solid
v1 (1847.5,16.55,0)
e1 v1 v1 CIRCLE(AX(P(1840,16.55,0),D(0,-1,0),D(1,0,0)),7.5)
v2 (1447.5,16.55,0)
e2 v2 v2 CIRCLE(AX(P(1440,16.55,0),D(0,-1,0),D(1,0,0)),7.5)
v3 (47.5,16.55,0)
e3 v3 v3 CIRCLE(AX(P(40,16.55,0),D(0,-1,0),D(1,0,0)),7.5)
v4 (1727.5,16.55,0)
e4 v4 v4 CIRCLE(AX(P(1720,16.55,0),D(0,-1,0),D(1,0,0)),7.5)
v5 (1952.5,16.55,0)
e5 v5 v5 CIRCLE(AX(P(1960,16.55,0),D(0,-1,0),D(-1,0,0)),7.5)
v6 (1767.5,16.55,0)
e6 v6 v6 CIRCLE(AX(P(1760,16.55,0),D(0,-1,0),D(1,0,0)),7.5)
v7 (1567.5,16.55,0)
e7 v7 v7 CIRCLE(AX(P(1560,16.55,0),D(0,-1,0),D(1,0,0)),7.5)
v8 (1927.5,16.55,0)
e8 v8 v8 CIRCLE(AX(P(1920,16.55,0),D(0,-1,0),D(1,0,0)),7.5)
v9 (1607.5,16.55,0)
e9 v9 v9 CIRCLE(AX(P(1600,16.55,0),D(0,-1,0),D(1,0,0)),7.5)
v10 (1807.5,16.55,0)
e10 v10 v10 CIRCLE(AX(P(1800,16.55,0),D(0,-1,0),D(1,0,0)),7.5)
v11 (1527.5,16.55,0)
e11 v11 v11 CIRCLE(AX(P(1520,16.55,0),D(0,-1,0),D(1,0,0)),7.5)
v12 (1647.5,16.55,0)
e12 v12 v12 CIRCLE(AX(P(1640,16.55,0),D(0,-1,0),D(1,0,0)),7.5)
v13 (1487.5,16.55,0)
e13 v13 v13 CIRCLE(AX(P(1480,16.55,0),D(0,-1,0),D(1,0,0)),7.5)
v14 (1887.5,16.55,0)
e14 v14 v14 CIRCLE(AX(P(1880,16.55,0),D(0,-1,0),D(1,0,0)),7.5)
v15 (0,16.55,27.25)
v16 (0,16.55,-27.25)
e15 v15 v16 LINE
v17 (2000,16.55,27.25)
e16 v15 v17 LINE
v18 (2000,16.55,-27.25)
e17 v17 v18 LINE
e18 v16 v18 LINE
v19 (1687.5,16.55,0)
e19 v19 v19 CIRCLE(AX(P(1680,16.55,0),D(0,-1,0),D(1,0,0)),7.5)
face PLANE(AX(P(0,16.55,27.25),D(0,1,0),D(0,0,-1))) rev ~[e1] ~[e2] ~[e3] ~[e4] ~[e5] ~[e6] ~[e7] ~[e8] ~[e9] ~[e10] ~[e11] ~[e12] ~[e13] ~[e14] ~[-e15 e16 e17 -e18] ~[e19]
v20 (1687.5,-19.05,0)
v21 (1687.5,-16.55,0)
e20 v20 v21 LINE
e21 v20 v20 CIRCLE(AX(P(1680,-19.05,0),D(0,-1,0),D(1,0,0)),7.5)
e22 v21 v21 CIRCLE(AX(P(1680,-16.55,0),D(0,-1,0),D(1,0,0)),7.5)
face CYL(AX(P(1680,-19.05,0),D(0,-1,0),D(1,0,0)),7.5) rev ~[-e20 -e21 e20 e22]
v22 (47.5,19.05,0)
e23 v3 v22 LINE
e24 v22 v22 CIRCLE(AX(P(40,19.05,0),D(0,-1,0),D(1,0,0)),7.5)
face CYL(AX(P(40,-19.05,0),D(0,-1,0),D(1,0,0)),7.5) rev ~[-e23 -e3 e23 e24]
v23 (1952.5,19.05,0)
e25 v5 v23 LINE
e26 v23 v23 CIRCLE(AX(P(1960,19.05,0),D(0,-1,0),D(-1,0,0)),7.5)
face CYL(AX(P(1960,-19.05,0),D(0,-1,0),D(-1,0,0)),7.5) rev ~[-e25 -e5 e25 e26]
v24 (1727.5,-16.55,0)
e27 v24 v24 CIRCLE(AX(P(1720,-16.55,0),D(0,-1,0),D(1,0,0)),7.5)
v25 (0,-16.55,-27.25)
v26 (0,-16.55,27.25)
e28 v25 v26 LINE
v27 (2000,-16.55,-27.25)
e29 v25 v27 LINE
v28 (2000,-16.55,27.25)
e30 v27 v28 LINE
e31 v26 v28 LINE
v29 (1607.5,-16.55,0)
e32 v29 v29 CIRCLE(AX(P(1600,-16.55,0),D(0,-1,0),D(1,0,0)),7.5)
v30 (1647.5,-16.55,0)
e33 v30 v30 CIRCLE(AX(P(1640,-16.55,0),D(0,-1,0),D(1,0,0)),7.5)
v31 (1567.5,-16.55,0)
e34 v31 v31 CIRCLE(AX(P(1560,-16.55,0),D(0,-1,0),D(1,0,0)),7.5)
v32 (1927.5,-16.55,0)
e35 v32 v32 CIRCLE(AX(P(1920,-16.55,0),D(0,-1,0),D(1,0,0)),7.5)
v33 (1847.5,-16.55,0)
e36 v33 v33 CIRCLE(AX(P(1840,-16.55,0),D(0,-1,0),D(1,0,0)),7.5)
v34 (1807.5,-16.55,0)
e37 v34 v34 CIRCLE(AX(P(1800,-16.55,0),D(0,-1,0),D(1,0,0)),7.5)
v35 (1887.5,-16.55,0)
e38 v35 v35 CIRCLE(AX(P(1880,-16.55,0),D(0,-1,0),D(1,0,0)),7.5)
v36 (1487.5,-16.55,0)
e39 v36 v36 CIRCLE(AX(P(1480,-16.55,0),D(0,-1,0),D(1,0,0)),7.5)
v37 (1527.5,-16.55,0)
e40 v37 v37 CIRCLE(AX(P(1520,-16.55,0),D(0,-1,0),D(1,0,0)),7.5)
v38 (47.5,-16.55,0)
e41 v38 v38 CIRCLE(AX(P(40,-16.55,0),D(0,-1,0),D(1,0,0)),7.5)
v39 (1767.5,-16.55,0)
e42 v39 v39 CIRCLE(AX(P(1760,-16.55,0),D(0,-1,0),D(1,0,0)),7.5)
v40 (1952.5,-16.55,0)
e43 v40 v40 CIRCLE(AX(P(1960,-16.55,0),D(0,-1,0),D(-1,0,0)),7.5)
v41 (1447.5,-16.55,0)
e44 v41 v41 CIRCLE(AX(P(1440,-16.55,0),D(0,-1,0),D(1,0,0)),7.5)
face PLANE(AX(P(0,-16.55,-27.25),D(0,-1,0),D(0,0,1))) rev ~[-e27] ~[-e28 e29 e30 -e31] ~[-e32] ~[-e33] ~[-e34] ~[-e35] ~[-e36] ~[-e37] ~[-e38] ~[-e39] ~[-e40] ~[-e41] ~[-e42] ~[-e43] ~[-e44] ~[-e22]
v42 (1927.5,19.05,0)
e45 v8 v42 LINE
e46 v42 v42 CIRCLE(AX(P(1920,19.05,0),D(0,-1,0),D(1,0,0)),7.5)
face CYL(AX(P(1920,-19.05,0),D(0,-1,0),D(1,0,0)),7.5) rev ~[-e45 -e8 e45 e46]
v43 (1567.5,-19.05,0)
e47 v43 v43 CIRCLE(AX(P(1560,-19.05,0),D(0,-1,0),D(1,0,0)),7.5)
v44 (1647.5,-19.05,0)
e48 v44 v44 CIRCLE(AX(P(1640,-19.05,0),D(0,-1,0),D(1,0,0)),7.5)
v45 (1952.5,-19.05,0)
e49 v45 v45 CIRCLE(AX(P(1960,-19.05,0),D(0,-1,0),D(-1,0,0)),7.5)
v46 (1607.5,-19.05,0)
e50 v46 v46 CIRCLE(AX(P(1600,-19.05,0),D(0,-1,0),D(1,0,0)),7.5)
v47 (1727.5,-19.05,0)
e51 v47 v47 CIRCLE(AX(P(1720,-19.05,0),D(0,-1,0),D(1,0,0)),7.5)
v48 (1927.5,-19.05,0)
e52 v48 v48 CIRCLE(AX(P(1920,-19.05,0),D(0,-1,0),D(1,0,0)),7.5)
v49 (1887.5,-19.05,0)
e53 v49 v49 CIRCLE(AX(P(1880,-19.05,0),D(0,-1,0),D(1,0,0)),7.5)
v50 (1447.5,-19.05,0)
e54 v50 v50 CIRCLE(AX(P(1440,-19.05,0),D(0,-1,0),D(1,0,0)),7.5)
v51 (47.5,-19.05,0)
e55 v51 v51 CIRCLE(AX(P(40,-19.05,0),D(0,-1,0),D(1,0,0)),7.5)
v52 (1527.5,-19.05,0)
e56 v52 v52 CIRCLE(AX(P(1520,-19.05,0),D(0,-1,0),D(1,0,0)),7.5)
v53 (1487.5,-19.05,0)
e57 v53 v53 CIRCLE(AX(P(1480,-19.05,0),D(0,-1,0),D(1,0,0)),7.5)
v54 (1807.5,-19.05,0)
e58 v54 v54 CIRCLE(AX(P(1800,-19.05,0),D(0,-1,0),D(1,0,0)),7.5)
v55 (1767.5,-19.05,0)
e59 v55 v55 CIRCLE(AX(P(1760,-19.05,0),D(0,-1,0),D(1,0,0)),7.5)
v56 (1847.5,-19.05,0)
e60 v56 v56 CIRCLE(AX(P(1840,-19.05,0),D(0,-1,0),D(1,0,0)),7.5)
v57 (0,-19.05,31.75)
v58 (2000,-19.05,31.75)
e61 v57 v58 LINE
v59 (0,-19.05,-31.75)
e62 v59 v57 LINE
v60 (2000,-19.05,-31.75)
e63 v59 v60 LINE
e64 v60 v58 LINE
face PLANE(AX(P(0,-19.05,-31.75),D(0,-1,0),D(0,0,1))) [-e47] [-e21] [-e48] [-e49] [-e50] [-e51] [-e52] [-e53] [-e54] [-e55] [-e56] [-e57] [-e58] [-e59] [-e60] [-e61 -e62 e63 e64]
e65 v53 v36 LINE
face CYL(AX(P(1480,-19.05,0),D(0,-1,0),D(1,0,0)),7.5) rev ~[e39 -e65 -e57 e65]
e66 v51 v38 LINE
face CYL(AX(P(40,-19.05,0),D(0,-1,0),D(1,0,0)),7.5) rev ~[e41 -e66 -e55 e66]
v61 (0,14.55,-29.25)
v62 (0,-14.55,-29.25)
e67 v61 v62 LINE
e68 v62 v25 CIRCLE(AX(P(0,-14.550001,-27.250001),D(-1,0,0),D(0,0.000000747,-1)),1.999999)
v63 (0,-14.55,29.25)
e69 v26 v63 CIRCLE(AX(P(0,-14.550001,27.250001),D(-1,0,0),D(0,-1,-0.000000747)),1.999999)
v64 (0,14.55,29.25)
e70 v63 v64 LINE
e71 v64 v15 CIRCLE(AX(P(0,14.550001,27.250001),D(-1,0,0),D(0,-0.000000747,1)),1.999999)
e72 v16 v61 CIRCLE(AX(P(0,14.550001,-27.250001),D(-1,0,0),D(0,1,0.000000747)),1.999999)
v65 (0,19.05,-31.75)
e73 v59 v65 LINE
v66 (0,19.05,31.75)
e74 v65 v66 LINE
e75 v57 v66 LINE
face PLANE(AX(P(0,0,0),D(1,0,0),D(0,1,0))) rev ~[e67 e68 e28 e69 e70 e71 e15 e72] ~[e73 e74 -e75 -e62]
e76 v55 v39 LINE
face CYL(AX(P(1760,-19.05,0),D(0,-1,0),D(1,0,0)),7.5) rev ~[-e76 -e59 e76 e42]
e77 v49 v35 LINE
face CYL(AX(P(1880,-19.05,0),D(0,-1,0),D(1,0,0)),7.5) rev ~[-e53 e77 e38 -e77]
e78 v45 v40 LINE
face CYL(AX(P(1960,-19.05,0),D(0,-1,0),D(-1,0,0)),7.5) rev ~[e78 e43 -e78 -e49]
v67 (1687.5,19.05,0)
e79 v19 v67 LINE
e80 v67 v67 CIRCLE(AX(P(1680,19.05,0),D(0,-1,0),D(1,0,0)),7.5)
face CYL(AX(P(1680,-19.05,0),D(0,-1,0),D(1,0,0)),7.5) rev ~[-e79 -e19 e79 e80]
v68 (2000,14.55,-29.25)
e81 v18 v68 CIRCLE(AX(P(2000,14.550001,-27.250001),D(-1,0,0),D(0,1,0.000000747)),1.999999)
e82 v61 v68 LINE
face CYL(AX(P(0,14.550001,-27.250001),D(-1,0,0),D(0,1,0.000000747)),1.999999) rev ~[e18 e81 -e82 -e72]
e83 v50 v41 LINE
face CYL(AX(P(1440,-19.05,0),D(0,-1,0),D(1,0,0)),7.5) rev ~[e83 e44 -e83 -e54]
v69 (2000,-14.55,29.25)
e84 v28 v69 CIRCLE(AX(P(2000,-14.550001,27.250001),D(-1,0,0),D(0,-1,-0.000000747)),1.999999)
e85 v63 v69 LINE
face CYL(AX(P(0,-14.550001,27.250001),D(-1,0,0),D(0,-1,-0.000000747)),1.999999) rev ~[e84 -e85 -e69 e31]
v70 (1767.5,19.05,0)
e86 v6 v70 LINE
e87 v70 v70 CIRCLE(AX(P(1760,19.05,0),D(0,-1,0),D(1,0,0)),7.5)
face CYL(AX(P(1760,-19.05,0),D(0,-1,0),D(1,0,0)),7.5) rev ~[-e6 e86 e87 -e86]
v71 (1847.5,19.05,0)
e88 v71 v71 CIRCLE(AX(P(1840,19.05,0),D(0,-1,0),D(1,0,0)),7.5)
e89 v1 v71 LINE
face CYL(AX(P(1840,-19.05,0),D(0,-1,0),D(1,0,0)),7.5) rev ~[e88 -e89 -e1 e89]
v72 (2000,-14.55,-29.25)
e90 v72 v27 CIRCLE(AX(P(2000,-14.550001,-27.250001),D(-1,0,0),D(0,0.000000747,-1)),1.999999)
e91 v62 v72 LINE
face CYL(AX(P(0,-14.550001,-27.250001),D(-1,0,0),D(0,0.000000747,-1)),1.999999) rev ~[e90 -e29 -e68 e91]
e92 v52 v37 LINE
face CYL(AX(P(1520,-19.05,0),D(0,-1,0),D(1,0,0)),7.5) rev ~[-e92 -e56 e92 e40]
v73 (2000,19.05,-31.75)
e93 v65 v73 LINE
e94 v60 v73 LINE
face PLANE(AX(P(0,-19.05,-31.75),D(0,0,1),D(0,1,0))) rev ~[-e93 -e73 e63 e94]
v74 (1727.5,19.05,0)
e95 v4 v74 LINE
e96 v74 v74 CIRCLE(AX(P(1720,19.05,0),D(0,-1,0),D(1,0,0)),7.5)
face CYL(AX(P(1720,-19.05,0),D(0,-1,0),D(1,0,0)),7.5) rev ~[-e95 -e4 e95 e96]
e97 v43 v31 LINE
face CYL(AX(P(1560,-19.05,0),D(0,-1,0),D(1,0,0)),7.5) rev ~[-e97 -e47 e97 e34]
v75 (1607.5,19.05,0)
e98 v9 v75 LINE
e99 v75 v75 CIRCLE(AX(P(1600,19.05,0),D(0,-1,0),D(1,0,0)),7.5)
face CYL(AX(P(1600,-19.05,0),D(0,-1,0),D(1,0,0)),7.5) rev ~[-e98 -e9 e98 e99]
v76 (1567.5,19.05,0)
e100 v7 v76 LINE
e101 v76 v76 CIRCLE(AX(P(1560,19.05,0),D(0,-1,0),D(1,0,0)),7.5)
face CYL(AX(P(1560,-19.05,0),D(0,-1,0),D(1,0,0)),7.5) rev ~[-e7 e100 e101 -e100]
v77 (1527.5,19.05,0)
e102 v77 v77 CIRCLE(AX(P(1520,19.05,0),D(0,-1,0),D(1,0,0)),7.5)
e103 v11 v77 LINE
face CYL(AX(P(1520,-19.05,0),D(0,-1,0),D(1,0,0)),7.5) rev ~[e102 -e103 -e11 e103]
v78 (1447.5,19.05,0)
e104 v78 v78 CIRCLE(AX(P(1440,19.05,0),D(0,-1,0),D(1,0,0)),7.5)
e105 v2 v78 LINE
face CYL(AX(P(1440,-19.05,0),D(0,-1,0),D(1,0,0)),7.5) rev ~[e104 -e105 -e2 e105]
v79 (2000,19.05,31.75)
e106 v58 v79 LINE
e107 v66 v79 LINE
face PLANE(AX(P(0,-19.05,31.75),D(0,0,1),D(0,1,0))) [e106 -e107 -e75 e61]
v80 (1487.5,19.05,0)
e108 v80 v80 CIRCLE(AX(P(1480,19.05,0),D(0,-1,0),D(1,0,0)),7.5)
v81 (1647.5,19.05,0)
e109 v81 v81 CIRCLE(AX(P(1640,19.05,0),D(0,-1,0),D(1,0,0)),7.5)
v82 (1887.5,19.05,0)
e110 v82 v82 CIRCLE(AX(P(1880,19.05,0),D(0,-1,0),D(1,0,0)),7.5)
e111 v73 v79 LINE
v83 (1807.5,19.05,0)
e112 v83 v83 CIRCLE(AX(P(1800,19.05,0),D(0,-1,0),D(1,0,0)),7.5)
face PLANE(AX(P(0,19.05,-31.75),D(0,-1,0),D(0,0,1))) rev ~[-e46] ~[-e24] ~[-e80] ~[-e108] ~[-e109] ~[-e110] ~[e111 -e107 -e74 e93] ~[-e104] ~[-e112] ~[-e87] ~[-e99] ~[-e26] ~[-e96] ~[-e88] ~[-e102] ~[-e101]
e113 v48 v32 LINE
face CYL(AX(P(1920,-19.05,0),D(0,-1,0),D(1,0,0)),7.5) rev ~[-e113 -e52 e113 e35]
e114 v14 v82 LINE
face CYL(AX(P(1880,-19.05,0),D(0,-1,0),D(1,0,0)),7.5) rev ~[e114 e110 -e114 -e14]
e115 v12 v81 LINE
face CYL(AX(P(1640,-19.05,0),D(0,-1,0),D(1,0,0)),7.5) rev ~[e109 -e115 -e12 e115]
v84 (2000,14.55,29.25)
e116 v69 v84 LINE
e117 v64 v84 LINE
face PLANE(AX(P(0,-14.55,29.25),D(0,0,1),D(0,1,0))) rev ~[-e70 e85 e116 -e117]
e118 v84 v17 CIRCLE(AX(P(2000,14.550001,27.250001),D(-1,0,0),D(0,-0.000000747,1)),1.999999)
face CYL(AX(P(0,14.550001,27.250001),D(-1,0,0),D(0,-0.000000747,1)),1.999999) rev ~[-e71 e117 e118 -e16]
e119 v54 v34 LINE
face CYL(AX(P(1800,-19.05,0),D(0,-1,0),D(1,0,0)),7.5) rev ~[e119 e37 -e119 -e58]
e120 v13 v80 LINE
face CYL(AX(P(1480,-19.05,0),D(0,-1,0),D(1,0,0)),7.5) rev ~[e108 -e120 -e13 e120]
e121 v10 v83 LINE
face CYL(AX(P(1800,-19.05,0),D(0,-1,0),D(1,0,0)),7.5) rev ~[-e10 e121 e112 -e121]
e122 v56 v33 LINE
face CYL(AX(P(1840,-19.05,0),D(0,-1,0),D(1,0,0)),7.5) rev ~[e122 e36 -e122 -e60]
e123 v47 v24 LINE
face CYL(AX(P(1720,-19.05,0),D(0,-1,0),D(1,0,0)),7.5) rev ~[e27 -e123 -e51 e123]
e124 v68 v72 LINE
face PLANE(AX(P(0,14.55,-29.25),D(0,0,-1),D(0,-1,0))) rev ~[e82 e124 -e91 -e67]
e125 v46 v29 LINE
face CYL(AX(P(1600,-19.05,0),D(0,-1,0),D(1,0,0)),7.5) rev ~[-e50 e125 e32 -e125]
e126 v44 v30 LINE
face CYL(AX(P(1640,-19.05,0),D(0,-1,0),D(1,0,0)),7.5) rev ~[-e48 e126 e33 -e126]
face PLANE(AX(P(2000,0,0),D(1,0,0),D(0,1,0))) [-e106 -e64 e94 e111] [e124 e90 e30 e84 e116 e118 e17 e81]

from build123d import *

# Parameters (mm, degrees)
F0_W     = 38.1
F0_H     = 63.5
F1_DEPTH = 2000
F2_R     = 7.5
F3_DEPTH = 38.1
F5_DEPTH = 38.1


with BuildPart() as f1:
    # F0 (on Right) → F1 (new body)
    with BuildSketch(Plane.YZ):
        Rectangle(F0_W, F0_H)
        with BuildLine():
            Line((-14.55, 29.25), (14.55, 29.25))
            ThreePointArc((14.55, 29.25), (15.964214, 28.664214), (16.55, 27.25))
            Line((16.55, 27.25), (16.55, -27.25))
            ThreePointArc((16.55, -27.25), (15.964214, -28.664214), (14.55, -29.25))
            Line((14.55, -29.25), (-14.55, -29.25))
            ThreePointArc((-14.55, -29.25), (-15.964214, -28.664214), (-16.55, -27.25))
            Line((-16.55, -27.25), (-16.55, 27.25))
            ThreePointArc((-16.55, 27.25), (-15.964214, 28.664214), (-14.55, 29.25))
        make_face(mode=Mode.SUBTRACT)
    extrude(amount=F1_DEPTH)

    # F2 (on face) → F3 (cut, through all)
    with BuildSketch(Plane.XZ.offset(19.05)):
        with Locations((40, 0)):
            Circle(F2_R)
    extrude(amount=-F3_DEPTH, mode=Mode.SUBTRACT)

    # F4 (on face) → F5 (cut, through all)
    with BuildSketch(Plane.XZ.offset(19.05)):
        with BuildLine():
            Line((1952.5, 0), (1967.5, 0))
            ThreePointArc((1967.5, 0), (1960, 7.5), (1952.5, 0))
        make_face()
        with BuildLine():
            ThreePointArc((1432.5, 0), (1440, -7.5), (1447.5, 0))
            Line((1447.5, 0), (1432.5, 0))
        make_face()
        with BuildLine():
            Line((1432.5, 0), (1447.5, 0))
            ThreePointArc((1447.5, 0), (1440, 7.5), (1432.5, 0))
        make_face()
        with BuildLine():
            ThreePointArc((1472.5, 0), (1480, -7.5), (1487.5, 0))
            Line((1487.5, 0), (1472.5, 0))
        make_face()
        with BuildLine():
            Line((1472.5, 0), (1487.5, 0))
            ThreePointArc((1487.5, 0), (1480, 7.5), (1472.5, 0))
        make_face()
        with BuildLine():
            ThreePointArc((1512.5, 0), (1520, -7.5), (1527.5, 0))
            Line((1527.5, 0), (1512.5, 0))
        make_face()
        with BuildLine():
            Line((1512.5, 0), (1527.5, 0))
            ThreePointArc((1527.5, 0), (1520, 7.5), (1512.5, 0))
        make_face()
        with BuildLine():
            ThreePointArc((1552.5, 0), (1560, -7.5), (1567.5, 0))
            Line((1567.5, 0), (1552.5, 0))
        make_face()
        with BuildLine():
            Line((1552.5, 0), (1567.5, 0))
            ThreePointArc((1567.5, 0), (1560, 7.5), (1552.5, 0))
        make_face()
        with BuildLine():
            ThreePointArc((1592.5, 0), (1600, -7.5), (1607.5, 0))
            Line((1607.5, 0), (1592.5, 0))
        make_face()
        with BuildLine():
            Line((1592.5, 0), (1607.5, 0))
            ThreePointArc((1607.5, 0), (1600, 7.5), (1592.5, 0))
        make_face()
        with BuildLine():
            ThreePointArc((1632.5, 0), (1640, -7.5), (1647.5, 0))
            Line((1647.5, 0), (1632.5, 0))
        make_face()
        with BuildLine():
            Line((1632.5, 0), (1647.5, 0))
            ThreePointArc((1647.5, 0), (1640, 7.5), (1632.5, 0))
        make_face()
        with BuildLine():
            ThreePointArc((1672.5, 0), (1680, -7.5), (1687.5, 0))
            Line((1687.5, 0), (1672.5, 0))
        make_face()
        with BuildLine():
            Line((1672.5, 0), (1687.5, 0))
            ThreePointArc((1687.5, 0), (1680, 7.5), (1672.5, 0))
        make_face()
        with BuildLine():
            ThreePointArc((1712.5, 0), (1720, -7.5), (1727.5, 0))
            Line((1727.5, 0), (1712.5, 0))
        make_face()
        with BuildLine():
            Line((1712.5, 0), (1727.5, 0))
            ThreePointArc((1727.5, 0), (1720, 7.5), (1712.5, 0))
        make_face()
        with BuildLine():
            ThreePointArc((1752.5, 0), (1760, -7.5), (1767.5, 0))
            Line((1767.5, 0), (1752.5, 0))
        make_face()
        with BuildLine():
            Line((1752.5, 0), (1767.5, 0))
            ThreePointArc((1767.5, 0), (1760, 7.5), (1752.5, 0))
        make_face()
        with BuildLine():
            ThreePointArc((1792.5, 0), (1800, -7.5), (1807.5, 0))
            Line((1807.5, 0), (1792.5, 0))
        make_face()
        with BuildLine():
            Line((1792.5, 0), (1807.5, 0))
            ThreePointArc((1807.5, 0), (1800, 7.5), (1792.5, 0))
        make_face()
        with BuildLine():
            ThreePointArc((1832.5, 0), (1840, -7.5), (1847.5, 0))
            Line((1847.5, 0), (1832.5, 0))
        make_face()
        with BuildLine():
            Line((1832.5, 0), (1847.5, 0))
            ThreePointArc((1847.5, 0), (1840, 7.5), (1832.5, 0))
        make_face()
        with BuildLine():
            ThreePointArc((1872.5, 0), (1880, -7.5), (1887.5, 0))
            Line((1887.5, 0), (1872.5, 0))
        make_face()
        with BuildLine():
            Line((1872.5, 0), (1887.5, 0))
            ThreePointArc((1887.5, 0), (1880, 7.5), (1872.5, 0))
        make_face()
        with BuildLine():
            ThreePointArc((1912.5, 0), (1920, -7.5), (1927.5, 0))
            Line((1927.5, 0), (1912.5, 0))
        make_face()
        with BuildLine():
            Line((1912.5, 0), (1927.5, 0))
            ThreePointArc((1927.5, 0), (1920, 7.5), (1912.5, 0))
        make_face()
        with BuildLine():
            ThreePointArc((1952.5, 0), (1960, -7.5), (1967.5, 0))
            Line((1967.5, 0), (1952.5, 0))
        make_face()
    extrude(amount=-F5_DEPTH, mode=Mode.SUBTRACT)


solid = f1.part
